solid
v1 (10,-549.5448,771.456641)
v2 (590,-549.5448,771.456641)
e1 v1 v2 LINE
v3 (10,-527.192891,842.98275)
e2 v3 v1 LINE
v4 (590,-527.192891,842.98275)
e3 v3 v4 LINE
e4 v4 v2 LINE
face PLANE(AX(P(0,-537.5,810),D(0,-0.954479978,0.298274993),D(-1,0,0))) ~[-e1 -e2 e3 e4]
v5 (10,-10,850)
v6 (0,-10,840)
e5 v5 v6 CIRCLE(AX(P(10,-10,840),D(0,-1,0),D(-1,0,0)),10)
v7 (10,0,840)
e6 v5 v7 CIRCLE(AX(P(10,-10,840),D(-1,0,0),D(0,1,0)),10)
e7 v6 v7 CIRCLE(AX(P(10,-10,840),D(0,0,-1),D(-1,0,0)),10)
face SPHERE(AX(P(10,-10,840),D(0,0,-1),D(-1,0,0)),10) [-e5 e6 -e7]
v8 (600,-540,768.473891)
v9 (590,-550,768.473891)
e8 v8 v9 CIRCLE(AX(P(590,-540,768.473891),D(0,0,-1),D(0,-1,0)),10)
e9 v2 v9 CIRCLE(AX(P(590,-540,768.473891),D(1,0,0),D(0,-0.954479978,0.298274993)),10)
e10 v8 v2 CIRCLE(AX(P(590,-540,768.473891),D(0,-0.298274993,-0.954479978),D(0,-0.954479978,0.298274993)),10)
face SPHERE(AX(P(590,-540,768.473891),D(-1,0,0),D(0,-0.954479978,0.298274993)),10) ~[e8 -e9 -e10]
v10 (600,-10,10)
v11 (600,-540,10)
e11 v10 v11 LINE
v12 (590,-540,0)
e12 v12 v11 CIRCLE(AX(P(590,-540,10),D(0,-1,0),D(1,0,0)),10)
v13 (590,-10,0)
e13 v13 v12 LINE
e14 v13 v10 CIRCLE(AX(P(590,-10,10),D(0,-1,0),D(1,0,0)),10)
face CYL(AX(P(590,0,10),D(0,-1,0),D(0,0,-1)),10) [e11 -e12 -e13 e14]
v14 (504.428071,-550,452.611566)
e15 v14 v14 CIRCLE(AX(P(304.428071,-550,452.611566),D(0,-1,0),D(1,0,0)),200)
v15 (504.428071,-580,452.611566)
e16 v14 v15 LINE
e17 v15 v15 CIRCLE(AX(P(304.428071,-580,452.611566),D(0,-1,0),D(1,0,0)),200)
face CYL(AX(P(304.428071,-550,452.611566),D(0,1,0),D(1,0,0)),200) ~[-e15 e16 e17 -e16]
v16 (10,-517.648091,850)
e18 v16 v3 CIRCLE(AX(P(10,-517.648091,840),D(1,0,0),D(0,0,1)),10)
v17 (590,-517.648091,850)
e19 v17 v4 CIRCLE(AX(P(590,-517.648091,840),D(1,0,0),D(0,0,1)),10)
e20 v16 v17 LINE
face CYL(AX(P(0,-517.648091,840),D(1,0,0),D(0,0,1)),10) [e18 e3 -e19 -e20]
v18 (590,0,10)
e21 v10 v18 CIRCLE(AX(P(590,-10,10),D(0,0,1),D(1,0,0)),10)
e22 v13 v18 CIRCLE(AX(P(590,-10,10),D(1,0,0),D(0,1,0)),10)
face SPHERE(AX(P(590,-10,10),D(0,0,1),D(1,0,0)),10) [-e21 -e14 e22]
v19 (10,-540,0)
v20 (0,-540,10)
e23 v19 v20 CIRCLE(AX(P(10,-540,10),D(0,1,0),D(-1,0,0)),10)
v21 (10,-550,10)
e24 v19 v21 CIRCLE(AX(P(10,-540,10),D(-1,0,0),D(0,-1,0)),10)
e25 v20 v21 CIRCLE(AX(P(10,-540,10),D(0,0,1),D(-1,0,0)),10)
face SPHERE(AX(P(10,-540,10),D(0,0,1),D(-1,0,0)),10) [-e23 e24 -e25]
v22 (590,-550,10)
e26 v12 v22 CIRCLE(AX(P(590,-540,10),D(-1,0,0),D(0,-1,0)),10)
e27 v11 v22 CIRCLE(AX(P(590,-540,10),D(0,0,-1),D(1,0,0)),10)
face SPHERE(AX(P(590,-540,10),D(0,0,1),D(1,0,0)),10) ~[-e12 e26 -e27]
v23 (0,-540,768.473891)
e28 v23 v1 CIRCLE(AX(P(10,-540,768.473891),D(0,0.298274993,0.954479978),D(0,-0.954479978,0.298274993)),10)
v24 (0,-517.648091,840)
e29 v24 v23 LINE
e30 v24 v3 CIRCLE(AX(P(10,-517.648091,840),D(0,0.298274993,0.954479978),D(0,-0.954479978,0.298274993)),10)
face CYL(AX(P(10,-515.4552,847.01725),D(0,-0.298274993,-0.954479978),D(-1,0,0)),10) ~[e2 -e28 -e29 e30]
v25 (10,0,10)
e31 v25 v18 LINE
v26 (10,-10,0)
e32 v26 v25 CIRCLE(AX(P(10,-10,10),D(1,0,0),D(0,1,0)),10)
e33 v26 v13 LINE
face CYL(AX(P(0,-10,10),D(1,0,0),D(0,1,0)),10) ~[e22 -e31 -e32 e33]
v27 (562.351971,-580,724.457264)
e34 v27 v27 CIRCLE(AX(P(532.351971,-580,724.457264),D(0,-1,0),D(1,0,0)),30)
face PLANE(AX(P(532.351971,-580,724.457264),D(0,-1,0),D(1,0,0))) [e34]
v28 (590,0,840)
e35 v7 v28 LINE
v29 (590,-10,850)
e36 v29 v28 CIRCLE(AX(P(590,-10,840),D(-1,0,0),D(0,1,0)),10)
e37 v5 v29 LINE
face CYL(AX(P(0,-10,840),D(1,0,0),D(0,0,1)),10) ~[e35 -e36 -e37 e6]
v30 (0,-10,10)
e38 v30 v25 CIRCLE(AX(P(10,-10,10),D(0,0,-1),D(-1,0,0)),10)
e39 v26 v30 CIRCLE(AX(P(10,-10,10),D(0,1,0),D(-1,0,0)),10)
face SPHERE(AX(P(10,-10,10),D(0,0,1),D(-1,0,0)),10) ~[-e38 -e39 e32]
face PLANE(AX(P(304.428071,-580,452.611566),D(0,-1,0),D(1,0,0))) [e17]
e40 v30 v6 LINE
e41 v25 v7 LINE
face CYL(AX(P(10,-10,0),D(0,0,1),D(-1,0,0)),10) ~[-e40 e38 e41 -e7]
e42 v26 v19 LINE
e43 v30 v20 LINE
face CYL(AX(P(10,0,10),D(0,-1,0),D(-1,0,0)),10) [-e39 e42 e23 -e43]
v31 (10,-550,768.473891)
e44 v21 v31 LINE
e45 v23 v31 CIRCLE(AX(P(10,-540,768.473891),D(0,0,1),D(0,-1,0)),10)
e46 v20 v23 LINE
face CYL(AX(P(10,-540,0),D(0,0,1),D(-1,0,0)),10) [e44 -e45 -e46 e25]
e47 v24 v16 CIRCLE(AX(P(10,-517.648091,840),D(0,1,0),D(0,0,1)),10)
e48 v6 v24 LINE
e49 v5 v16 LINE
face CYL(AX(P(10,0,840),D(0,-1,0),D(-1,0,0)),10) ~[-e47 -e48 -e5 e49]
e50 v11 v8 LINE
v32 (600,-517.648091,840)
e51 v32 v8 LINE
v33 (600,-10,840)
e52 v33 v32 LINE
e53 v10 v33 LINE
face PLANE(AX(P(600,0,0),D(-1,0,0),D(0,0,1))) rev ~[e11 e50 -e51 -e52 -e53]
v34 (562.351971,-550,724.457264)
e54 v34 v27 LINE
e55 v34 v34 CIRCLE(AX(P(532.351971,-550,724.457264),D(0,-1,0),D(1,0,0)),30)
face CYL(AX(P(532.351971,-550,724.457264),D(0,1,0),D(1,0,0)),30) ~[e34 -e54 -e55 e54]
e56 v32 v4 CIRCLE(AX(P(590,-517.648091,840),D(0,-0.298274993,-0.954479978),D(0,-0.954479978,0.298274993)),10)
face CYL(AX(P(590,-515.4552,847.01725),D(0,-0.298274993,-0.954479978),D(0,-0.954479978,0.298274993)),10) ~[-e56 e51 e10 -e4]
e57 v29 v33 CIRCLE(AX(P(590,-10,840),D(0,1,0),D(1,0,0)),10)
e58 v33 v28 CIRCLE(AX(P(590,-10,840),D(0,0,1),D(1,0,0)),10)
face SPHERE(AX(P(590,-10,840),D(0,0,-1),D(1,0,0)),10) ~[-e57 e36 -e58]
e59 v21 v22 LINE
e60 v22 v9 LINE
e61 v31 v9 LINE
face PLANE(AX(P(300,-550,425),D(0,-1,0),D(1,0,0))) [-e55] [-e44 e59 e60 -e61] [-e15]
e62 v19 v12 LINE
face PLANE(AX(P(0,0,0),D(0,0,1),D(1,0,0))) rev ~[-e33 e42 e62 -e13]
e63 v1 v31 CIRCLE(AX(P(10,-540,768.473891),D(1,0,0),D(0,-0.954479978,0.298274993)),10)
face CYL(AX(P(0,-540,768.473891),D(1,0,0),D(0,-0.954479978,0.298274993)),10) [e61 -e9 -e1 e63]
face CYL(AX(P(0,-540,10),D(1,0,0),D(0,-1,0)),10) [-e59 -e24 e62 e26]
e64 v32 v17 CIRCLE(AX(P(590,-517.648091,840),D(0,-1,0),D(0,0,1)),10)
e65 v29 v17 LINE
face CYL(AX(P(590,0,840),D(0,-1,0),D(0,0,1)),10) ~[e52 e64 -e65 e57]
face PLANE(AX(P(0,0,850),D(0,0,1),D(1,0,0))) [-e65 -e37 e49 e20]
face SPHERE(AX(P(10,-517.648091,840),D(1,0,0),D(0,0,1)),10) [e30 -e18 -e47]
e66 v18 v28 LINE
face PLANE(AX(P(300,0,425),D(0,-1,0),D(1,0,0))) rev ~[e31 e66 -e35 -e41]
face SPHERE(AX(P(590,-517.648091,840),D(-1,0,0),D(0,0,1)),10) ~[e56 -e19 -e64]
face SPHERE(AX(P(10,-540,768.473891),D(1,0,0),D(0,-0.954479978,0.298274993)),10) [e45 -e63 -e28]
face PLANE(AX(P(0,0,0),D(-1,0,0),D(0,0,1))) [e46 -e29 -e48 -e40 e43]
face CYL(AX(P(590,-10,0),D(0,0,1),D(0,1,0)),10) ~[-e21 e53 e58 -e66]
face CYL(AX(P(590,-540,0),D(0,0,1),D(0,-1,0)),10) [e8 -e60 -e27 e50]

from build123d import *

# Parameters (mm, degrees)
F0_W     = 600
F0_H     = 850
F1_DEPTH = 550
F2_SIZE2 = 80
F2_SIZE  = 25
F3_R     = 10
F4_R     = 200
F5_DEPTH = 30
F4_R_2   = 30
F6_DEPTH = 30


with BuildPart() as f1:
    # F0 (on Front) → F1 (new body)
    with BuildSketch(Plane.XZ):
        with Locations((300, 425)):
            Rectangle(F0_W, F0_H)
    extrude(amount=F1_DEPTH)

    # F2
    f2_edges = [f1.edges().sort_by_distance(p)[0] for p in [
        (300, -550, 850),
    ]]
    f2_side = f1.faces().sort_by_distance((300, -275, 850))[0]
    chamfer(f2_edges, length=F2_SIZE, length2=F2_SIZE2, reference=f2_side)

    # F3
    f3_edges = [f1.edges().sort_by_distance(p)[0] for p in [
        (0, -550, 385),
        (0, 0, 425),
        (600, -550, 385),
        (600, 0, 425),
        (0, -275, 0),
        (300, -525, 850),
        (300, -550, 770),
        (600, -262.5, 850),
        (0, -262.5, 850),
        (600, -275, 0),
        (600, -537.5, 810),
        (300, -550, 0),
        (0, -537.5, 810),
        (300, 0, 0),
        (300, 0, 850),
    ]]
    fillet(f3_edges, radius=F3_R)

    # F4 (on face) → F5 (join)
    with BuildSketch(Plane.XZ.offset(550)):
        with Locations((304.4280707836, 452.6115655899)):
            Circle(F4_R)
    extrude(amount=F5_DEPTH)

    # F4 (on face) → F6 (join)
    with BuildSketch(Plane.XZ.offset(550)):
        with Locations((532.3519706726, 724.4572639465)):
            Circle(F4_R_2)
    extrude(amount=F6_DEPTH)


solid = f1.part
